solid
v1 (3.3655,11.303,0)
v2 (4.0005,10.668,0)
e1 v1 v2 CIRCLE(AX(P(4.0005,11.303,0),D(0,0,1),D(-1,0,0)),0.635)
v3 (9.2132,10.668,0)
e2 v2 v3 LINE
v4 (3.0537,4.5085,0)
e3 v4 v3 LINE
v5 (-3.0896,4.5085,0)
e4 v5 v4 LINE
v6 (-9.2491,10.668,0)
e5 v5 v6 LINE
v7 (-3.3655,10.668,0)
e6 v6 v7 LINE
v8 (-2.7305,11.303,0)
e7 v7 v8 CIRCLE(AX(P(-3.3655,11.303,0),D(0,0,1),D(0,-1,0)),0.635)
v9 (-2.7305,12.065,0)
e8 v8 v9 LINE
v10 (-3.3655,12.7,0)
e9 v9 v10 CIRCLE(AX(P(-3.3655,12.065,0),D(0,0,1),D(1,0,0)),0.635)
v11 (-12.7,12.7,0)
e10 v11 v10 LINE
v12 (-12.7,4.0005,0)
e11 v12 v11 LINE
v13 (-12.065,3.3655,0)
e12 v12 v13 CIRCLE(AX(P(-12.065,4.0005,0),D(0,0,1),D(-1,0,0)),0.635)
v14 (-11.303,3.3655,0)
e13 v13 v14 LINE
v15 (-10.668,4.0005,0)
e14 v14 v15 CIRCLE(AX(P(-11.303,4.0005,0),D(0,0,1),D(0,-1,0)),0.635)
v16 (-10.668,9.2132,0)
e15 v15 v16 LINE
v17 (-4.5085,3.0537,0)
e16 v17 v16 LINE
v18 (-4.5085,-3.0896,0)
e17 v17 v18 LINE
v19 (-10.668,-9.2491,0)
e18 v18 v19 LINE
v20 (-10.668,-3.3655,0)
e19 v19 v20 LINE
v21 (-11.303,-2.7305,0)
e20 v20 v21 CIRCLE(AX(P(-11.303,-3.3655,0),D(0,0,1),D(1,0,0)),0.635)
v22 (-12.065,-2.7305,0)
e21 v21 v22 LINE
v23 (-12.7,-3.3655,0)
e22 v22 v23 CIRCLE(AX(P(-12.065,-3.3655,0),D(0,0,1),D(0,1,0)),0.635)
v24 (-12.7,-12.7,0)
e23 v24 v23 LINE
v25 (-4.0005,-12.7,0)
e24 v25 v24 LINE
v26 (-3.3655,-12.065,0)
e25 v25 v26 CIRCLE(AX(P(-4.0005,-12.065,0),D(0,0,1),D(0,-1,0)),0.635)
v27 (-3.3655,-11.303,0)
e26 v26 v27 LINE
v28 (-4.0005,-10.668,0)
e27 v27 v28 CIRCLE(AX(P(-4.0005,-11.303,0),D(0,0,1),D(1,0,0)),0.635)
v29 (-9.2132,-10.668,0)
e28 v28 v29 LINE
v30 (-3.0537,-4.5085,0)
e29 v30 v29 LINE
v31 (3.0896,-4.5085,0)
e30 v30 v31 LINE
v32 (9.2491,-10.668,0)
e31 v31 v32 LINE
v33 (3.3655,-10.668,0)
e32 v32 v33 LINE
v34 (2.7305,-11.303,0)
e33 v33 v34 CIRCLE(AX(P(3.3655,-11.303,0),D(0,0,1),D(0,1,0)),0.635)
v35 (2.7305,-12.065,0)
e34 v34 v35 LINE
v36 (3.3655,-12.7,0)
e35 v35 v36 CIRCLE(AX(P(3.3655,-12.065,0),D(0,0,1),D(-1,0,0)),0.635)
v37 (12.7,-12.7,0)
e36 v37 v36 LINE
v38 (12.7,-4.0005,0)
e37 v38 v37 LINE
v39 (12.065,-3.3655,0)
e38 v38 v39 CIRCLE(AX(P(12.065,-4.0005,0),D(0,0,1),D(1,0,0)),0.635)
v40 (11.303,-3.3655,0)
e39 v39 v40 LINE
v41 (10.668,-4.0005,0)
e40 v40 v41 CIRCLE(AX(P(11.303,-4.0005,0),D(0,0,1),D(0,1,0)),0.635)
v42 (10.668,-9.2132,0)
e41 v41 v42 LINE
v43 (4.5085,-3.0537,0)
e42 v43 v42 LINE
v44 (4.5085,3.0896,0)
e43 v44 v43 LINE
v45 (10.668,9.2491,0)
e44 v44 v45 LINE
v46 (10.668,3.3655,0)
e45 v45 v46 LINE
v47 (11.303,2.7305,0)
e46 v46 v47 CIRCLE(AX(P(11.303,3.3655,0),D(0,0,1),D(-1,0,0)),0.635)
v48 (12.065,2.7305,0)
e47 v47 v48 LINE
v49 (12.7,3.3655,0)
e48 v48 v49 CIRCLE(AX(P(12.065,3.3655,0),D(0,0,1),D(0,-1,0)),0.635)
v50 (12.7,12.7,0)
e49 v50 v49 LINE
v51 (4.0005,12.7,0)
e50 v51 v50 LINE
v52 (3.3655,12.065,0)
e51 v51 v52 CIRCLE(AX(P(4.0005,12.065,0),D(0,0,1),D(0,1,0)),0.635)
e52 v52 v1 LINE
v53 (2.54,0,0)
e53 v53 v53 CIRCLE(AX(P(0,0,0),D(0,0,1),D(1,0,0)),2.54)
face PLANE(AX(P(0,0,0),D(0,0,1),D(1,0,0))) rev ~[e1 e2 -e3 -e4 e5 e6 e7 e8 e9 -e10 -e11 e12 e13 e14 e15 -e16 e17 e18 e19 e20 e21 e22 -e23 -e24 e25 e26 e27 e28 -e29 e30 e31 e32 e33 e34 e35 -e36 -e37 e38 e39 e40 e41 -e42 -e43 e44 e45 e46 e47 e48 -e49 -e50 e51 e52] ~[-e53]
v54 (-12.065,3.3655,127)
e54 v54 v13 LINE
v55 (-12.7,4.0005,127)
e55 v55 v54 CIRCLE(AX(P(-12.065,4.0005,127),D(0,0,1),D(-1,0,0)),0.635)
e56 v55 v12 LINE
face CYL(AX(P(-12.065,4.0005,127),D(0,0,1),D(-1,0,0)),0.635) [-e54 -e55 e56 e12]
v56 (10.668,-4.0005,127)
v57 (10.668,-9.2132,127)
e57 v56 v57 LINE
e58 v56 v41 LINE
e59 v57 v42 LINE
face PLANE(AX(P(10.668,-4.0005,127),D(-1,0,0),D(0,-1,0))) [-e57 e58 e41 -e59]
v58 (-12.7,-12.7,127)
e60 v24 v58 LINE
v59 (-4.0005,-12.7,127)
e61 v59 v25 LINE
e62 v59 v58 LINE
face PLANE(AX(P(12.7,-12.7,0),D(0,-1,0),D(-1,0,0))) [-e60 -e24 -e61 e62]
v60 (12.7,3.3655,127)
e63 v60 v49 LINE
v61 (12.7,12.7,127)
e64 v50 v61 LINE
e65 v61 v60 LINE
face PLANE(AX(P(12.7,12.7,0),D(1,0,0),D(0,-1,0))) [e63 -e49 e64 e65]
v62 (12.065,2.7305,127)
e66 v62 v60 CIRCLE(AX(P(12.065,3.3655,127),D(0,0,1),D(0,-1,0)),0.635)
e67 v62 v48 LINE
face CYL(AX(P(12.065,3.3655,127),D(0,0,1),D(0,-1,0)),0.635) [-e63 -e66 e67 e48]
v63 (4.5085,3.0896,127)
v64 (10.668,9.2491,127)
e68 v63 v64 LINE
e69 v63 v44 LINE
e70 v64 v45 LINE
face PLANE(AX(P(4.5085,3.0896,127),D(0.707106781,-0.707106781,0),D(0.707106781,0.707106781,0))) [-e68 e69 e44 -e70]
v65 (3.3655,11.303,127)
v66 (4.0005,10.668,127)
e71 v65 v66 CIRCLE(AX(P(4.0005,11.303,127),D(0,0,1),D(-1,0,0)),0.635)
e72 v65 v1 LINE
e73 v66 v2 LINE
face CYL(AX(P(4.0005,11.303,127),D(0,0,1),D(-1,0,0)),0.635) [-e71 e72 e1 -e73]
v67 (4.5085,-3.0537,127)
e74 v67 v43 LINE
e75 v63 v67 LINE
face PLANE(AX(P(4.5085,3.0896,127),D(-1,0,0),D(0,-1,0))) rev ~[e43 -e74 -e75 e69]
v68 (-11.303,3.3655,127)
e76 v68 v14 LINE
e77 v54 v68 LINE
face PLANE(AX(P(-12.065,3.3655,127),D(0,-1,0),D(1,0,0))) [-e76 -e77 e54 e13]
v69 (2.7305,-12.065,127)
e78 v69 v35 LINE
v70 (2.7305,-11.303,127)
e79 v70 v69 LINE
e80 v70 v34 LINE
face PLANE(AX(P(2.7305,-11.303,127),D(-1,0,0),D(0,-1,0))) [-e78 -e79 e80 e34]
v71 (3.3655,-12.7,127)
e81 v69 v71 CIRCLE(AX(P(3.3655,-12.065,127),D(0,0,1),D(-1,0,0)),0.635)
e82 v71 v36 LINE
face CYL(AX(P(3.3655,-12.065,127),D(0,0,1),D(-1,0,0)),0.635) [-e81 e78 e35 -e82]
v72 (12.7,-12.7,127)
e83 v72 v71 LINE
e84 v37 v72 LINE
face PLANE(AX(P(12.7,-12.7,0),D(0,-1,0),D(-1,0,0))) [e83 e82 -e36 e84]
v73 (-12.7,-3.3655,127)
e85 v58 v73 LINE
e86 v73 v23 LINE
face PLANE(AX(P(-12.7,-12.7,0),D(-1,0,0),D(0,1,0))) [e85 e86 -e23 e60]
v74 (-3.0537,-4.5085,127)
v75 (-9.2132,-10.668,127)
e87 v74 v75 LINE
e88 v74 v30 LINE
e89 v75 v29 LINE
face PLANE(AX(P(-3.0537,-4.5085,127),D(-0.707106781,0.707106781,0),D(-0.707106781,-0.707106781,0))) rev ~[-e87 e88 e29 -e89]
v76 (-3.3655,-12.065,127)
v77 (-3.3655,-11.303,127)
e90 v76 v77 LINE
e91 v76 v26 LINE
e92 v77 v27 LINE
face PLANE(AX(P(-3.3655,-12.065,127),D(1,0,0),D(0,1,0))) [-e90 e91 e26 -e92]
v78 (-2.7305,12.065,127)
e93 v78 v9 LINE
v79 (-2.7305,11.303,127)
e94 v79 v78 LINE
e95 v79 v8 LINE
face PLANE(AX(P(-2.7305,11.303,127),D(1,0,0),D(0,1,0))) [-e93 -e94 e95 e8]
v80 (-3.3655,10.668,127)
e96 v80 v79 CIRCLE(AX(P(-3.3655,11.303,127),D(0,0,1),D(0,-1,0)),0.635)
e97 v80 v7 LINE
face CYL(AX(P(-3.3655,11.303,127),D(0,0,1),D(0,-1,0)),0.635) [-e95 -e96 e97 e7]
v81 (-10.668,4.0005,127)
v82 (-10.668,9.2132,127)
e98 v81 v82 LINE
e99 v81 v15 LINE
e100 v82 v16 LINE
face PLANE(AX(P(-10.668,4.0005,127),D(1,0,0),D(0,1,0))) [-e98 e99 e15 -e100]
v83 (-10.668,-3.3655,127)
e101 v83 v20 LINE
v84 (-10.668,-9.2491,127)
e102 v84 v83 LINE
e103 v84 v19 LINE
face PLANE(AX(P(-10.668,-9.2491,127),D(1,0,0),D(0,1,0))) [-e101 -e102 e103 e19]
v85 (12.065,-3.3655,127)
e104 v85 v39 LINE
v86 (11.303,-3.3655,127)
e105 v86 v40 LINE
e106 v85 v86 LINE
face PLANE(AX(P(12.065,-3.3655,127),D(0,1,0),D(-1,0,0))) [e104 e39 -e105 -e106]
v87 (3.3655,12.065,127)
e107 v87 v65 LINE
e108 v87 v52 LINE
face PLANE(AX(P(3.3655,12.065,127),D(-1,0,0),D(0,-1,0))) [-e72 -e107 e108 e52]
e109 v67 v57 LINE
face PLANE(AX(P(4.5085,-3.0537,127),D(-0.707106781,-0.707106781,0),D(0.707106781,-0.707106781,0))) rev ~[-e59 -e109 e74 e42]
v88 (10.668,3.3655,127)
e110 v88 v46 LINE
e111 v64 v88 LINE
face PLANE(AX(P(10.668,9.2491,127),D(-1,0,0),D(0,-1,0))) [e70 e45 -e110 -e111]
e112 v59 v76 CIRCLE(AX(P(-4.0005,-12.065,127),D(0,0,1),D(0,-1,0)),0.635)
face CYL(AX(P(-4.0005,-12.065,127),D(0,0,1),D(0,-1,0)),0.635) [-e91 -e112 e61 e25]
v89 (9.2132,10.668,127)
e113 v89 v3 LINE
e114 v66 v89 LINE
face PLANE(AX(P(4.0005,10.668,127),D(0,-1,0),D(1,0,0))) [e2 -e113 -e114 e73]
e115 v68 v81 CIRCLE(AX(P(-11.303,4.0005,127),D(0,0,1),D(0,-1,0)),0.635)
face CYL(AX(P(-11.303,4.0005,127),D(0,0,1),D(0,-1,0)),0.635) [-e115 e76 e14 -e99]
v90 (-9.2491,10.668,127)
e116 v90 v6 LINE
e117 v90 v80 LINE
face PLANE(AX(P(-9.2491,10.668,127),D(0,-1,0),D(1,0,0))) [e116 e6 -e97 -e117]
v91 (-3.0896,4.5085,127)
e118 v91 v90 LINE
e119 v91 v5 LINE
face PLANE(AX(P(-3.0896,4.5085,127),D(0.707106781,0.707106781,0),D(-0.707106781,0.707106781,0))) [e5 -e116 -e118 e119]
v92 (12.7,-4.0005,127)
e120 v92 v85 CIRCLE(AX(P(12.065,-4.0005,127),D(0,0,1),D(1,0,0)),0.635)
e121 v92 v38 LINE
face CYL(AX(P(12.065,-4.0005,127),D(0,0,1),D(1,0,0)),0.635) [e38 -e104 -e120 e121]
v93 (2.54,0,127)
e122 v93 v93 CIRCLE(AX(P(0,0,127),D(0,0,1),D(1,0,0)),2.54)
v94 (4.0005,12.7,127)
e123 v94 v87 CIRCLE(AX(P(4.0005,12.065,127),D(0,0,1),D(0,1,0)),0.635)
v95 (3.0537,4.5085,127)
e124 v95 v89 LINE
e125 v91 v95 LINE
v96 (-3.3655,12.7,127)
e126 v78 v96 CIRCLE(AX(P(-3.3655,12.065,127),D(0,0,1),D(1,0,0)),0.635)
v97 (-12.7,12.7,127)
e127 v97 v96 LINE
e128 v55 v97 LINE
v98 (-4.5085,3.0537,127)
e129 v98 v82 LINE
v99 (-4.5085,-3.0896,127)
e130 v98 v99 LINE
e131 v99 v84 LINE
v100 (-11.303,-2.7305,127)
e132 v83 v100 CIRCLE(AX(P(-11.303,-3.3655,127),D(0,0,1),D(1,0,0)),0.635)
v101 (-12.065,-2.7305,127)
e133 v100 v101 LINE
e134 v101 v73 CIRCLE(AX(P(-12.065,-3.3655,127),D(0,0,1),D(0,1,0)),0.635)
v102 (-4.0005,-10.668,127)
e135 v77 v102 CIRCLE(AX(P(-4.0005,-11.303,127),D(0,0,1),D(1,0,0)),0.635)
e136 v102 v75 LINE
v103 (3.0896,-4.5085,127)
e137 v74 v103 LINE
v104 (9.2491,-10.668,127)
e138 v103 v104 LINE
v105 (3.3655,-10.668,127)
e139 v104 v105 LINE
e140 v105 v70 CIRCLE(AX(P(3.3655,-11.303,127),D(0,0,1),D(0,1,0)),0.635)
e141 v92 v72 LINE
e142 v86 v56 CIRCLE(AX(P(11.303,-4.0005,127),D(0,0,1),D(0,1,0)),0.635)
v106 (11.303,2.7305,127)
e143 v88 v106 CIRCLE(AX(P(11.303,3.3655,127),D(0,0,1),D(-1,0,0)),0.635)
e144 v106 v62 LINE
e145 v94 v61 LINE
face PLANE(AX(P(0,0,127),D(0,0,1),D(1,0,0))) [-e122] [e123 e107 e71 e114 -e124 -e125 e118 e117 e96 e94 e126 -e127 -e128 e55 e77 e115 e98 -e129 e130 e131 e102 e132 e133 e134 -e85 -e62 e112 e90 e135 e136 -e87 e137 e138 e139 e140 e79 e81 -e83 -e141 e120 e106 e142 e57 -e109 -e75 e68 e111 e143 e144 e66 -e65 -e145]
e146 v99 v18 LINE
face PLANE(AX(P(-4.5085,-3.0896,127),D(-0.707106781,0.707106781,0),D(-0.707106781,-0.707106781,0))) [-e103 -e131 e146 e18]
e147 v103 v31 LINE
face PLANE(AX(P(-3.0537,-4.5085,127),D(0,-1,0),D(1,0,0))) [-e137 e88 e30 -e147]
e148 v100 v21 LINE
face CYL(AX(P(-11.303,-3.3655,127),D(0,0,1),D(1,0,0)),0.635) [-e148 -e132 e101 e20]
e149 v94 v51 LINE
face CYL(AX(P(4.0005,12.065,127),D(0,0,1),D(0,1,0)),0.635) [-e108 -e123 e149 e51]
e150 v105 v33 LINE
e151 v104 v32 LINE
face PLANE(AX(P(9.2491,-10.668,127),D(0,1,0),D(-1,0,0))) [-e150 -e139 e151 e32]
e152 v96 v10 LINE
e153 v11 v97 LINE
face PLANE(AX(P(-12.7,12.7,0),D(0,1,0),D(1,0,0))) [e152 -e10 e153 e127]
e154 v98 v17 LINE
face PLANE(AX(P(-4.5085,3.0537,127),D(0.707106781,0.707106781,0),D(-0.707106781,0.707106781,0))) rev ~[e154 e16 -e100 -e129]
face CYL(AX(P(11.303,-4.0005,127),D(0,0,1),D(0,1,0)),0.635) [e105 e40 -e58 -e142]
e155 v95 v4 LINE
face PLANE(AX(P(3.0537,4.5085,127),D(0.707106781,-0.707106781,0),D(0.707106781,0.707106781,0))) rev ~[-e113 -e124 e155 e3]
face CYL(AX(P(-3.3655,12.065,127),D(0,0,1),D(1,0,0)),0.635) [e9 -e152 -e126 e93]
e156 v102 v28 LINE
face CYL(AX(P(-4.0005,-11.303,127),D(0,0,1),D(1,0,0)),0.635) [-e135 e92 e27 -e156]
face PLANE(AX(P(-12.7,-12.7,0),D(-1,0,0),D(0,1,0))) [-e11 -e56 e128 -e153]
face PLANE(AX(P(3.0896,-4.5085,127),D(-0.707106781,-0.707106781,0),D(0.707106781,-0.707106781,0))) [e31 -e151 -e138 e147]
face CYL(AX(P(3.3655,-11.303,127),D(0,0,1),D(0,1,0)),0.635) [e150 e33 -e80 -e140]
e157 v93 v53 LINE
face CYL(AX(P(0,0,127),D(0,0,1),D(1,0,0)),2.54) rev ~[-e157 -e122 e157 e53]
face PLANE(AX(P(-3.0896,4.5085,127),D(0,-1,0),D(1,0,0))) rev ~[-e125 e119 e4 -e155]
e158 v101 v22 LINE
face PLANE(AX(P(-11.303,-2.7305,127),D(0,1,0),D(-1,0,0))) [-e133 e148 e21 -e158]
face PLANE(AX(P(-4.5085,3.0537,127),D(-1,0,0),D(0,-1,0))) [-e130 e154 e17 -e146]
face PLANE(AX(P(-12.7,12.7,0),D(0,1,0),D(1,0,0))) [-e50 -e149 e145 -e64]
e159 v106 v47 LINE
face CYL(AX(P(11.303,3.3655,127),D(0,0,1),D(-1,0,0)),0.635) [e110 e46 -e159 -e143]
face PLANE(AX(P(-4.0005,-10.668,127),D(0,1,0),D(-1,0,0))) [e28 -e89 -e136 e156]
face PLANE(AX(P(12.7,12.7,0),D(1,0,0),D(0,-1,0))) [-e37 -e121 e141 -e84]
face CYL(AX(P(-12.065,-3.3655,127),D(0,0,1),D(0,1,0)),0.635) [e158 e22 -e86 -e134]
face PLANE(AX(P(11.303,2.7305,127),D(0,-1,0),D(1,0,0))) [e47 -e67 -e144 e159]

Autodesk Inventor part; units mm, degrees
ref_plane "YZ Plane" through (0, 0, 0) normal (1, 0, 0) x (0, 1, 0)
ref_plane "XZ Plane" through (0, 0, 0) normal (0, 1, 0) x (-1, 0, 0)
ref_plane "XY Plane" through (0, 0, 0) normal (0, 0, 1) x (1, 0, 0)
sketch "Sketch1" plane through (0, 0, 0) normal (0, 0, 1) x (1, 0, 0)
  line L0 (-12.7, 12.7) -> (12.7, 12.7)
  line L1 (12.7, 12.7) -> (12.7, -12.7)
  line L2 (12.7, -12.7) -> (-12.7, -12.7)
  line L3 (-12.7, -12.7) -> (-12.7, 12.7)
  point P0 (0, 0)
  dimension "d0" = 25.4
  dimension "d1" = 25.4
  dimension "d2" = 12.7
  dimension "d3" = 12.7
extrude "Extrusion1" add sketch "Sketch1" along normal blind 127
sketch "Sketch2" plane through (0, 0, 127) normal (0, 0, 1) x (1, 0, 0)
  circle A0 centre (0, 0) radius 2.54
  line L0 (-4.5085, 4.5085) -> (4.5085, 4.5085)
  line L1 (-4.5085, -4.5085) -> (4.5085, -4.5085)
  line L2 (4.5085, 4.5085) -> (4.5085, -4.5085)
  line L3 (-4.5085, 4.5085) -> (-4.5085, -4.5085)
  line L4 (-3.0896, 4.5085) -> (-11.2811, 12.7)
  line L5 (-4.5085, 3.0537) -> (-12.7, 11.2452)
  line L6 (12.7, 12.7) -> (-12.7, 12.7) projected
  line L7 (-12.7, 12.7) -> (-12.7, 4.0005)
  line L8 (-10.668, 4.0005) -> (-10.668, 9.2132)
  line L9 (-9.2491, 10.668) -> (-3.3655, 10.668)
  line L10 (-12.7, 12.7) -> (-3.3655, 12.7)
  line L11 (-2.7305, 11.303) -> (-2.7305, 12.065)
  line L12 (-12.065, 3.3655) -> (-11.303, 3.3655)
  arc A1 (-12.7, 4.0005) -> (-12.065, 3.3655) centre (-12.065, 4.0005) ccw
  arc A2 (-11.303, 3.3655) -> (-10.668, 4.0005) centre (-11.303, 4.0005) ccw
  arc A3 (-3.3655, 10.668) -> (-2.7305, 11.303) centre (-3.3655, 11.303) ccw
  arc A4 (-2.7305, 12.065) -> (-3.3655, 12.7) centre (-3.3655, 12.065) ccw
  arc A5 (-3.3655, -11.303) -> (-4.0005, -10.668) centre (-4.0005, -11.303) ccw
  line L13 (-3.3655, -12.065) -> (-3.3655, -11.303)
  arc A6 (-4.0005, -12.7) -> (-3.3655, -12.065) centre (-4.0005, -12.065) ccw
  line L14 (-3.0537, -4.5085) -> (-11.2452, -12.7)
  line L15 (-10.668, -9.2491) -> (-10.668, -3.3655)
  line L16 (-4.5085, -3.0896) -> (-12.7, -11.2811)
  line L17 (-12.7, -12.7) -> (-12.7, -3.3655)
  arc A7 (-10.668, -3.3655) -> (-11.303, -2.7305) centre (-11.303, -3.3655) ccw
  line L18 (-11.303, -2.7305) -> (-12.065, -2.7305)
  arc A8 (-12.065, -2.7305) -> (-12.7, -3.3655) centre (-12.065, -3.3655) ccw
  line L19 (-4.0005, -10.668) -> (-9.2132, -10.668)
  line L20 (-12.7, -12.7) -> (-4.0005, -12.7)
  arc A9 (11.303, -3.3655) -> (10.668, -4.0005) centre (11.303, -4.0005) ccw
  line L21 (12.065, -3.3655) -> (11.303, -3.3655)
  arc A10 (12.7, -4.0005) -> (12.065, -3.3655) centre (12.065, -4.0005) ccw
  line L22 (4.5085, -3.0537) -> (12.7, -11.2452)
  line L23 (9.2491, -10.668) -> (3.3655, -10.668)
  line L24 (3.0896, -4.5085) -> (11.2811, -12.7)
  line L25 (12.7, -12.7) -> (3.3655, -12.7)
  arc A11 (3.3655, -10.668) -> (2.7305, -11.303) centre (3.3655, -11.303) ccw
  line L26 (2.7305, -11.303) -> (2.7305, -12.065)
  arc A12 (2.7305, -12.065) -> (3.3655, -12.7) centre (3.3655, -12.065) ccw
  line L27 (10.668, -4.0005) -> (10.668, -9.2132)
  line L28 (12.7, -12.7) -> (12.7, -4.0005)
  arc A13 (3.3655, 11.303) -> (4.0005, 10.668) centre (4.0005, 11.303) ccw
  line L29 (3.3655, 12.065) -> (3.3655, 11.303)
  arc A14 (4.0005, 12.7) -> (3.3655, 12.065) centre (4.0005, 12.065) ccw
  line L30 (3.0537, 4.5085) -> (11.2452, 12.7)
  line L31 (10.668, 9.2491) -> (10.668, 3.3655)
  line L32 (4.5085, 3.0896) -> (12.7, 11.2811)
  line L33 (12.7, 12.7) -> (12.7, 3.3655)
  arc A15 (10.668, 3.3655) -> (11.303, 2.7305) centre (11.303, 3.3655) ccw
  line L34 (11.303, 2.7305) -> (12.065, 2.7305)
  arc A16 (12.065, 2.7305) -> (12.7, 3.3655) centre (12.065, 3.3655) ccw
  line L35 (4.0005, 10.668) -> (9.2132, 10.668)
  line L36 (12.7, 12.7) -> (4.0005, 12.7)
  line L37 (-4.5085, 3.0537) -> (-4.5085, 4.5085)
  line L38 (-3.0896, 4.5085) -> (-4.5085, 4.5085)
  line L39 (-12.7, -12.7) -> (-4.0005, -12.7)
  line L40 (-4.0005, -10.668) -> (-9.2132, -10.668)
  line L41 (-10.668, -9.2491) -> (-10.668, -3.3655)
  line L42 (-12.7, -12.7) -> (-12.7, -3.3655)
  line L43 (-11.303, -2.7305) -> (-12.065, -2.7305)
  arc A17 (-10.668, -3.3655) -> (-11.303, -2.7305) centre (-11.303, -3.3655) ccw
  arc A18 (-12.065, -2.7305) -> (-12.7, -3.3655) centre (-12.065, -3.3655) ccw
  line L44 (-4.5085, -3.0896) -> (-4.5085, -4.5085)
  line L45 (-4.5085, -3.0896) -> (-12.7, -11.2811)
  line L46 (-3.0537, -4.5085) -> (-4.5085, -4.5085)
  line L47 (-3.0537, -4.5085) -> (-11.2452, -12.7)
  line L48 (-4.5085, -4.5085) -> (-4.5085, 4.5085)
  circle A19 centre (0, 0) radius 2.54
  line L49 (-4.5085, -4.5085) -> (4.5085, -4.5085)
  line L50 (-3.3655, -12.065) -> (-3.3655, -11.303)
  arc A20 (-4.0005, -12.7) -> (-3.3655, -12.065) centre (-4.0005, -12.065) ccw
  arc A21 (-3.3655, -11.303) -> (-4.0005, -10.668) centre (-4.0005, -11.303) ccw
  line L51 (12.7, -12.7) -> (12.7, -4.0005)
  line L52 (10.668, -4.0005) -> (10.668, -9.2132)
  line L53 (9.2491, -10.668) -> (3.3655, -10.668)
  line L54 (12.7, -12.7) -> (3.3655, -12.7)
  line L55 (2.7305, -11.303) -> (2.7305, -12.065)
  arc A22 (3.3655, -10.668) -> (2.7305, -11.303) centre (3.3655, -11.303) ccw
  arc A23 (2.7305, -12.065) -> (3.3655, -12.7) centre (3.3655, -12.065) ccw
  line L56 (3.0896, -4.5085) -> (4.5085, -4.5085)
  line L57 (3.0896, -4.5085) -> (11.2811, -12.7)
  line L58 (4.5085, -3.0537) -> (4.5085, -4.5085)
  line L59 (4.5085, -3.0537) -> (12.7, -11.2452)
  line L60 (4.5085, -4.5085) -> (-4.5085, -4.5085)
  circle A24 centre (0, 0) radius 2.54
  line L61 (4.5085, -4.5085) -> (4.5085, 4.5085)
  line L62 (12.065, -3.3655) -> (11.303, -3.3655)
  arc A25 (12.7, -4.0005) -> (12.065, -3.3655) centre (12.065, -4.0005) ccw
  arc A26 (11.303, -3.3655) -> (10.668, -4.0005) centre (11.303, -4.0005) ccw
  line L63 (12.7, 12.7) -> (4.0005, 12.7)
  line L64 (4.0005, 10.668) -> (9.2132, 10.668)
  line L65 (10.668, 9.2491) -> (10.668, 3.3655)
  line L66 (12.7, 12.7) -> (12.7, 3.3655)
  line L67 (11.303, 2.7305) -> (12.065, 2.7305)
  arc A27 (10.668, 3.3655) -> (11.303, 2.7305) centre (11.303, 3.3655) ccw
  arc A28 (12.065, 2.7305) -> (12.7, 3.3655) centre (12.065, 3.3655) ccw
  line L68 (4.5085, 3.0896) -> (4.5085, 4.5085)
  line L69 (4.5085, 3.0896) -> (12.7, 11.2811)
  line L70 (3.0537, 4.5085) -> (4.5085, 4.5085)
  line L71 (3.0537, 4.5085) -> (11.2452, 12.7)
  line L72 (4.5085, 4.5085) -> (4.5085, -4.5085)
  circle A29 centre (0, 0) radius 2.54
  line L73 (4.5085, 4.5085) -> (-4.5085, 4.5085)
  line L74 (3.3655, 12.065) -> (3.3655, 11.303)
  arc A30 (4.0005, 12.7) -> (3.3655, 12.065) centre (4.0005, 12.065) ccw
  arc A31 (3.3655, 11.303) -> (4.0005, 10.668) centre (4.0005, 11.303) ccw
  point P0 (-12.7, 3.3655)
  point P1 (-2.7305, 12.7)
  point P2 (-3.3655, -12.7)
  point P3 (-12.7, -2.7305)
  point P4 (12.7, -3.3655)
  point P5 (2.7305, -12.7)
  point P6 (3.3655, 12.7)
  point P7 (12.7, 2.7305)
  point P8 (-3.3655, -12.7)
  point P9 (-12.7, -2.7305)
  point P10 (12.7, -3.3655)
  point P11 (2.7305, -12.7)
  point P12 (3.3655, 12.7)
  point P13 (12.7, 2.7305)
  dimension "d6" = 5.08
  dimension "d7" = 9.017
  dimension "d8" = 4.5085
  dimension "d9" = 4.5085
  dimension "d10" = 4.5085
  dimension "d11" = 2.032
  dimension "d12" = 1.0033
  dimension "d13" = 135
  dimension "d17" = 9.3345
  dimension "d19" = 2.032
  dimension "d20" = 2.032
  dimension "d21" = 0.635
  dimension "d22" = 9.3345
  dimension "d25" = 360
  dimension "d29" = 360
extrude "Extrusion2" cut sketch "Sketch2" against normal blind 1219.2 contours L3 L5 L7 L6 L4 L0 | L0 L2 L1 L3 | L30 L6 L33 L32 L2 L0 | L4 L6 A4 L11 A3 L9 | L3 L1 L14 L20 L17 L16 | L8 A2 L12 A1 L7 L5 | L35 A13 L29 A14 L6 L30 | L16 L17 A8 L18 A7 L15 | L22 L28 L25 L24 L1 L2 | L32 L33 A16 L34 A15 L31 | L19 A5 L13 A6 L20 L14 | L27 A9 L21 A10 L28 L22 | L24 L25 A12 L26 A11 L23 keep common part
equation "\"d22\" = d17"
properties part number "Vertical Piece front side"
